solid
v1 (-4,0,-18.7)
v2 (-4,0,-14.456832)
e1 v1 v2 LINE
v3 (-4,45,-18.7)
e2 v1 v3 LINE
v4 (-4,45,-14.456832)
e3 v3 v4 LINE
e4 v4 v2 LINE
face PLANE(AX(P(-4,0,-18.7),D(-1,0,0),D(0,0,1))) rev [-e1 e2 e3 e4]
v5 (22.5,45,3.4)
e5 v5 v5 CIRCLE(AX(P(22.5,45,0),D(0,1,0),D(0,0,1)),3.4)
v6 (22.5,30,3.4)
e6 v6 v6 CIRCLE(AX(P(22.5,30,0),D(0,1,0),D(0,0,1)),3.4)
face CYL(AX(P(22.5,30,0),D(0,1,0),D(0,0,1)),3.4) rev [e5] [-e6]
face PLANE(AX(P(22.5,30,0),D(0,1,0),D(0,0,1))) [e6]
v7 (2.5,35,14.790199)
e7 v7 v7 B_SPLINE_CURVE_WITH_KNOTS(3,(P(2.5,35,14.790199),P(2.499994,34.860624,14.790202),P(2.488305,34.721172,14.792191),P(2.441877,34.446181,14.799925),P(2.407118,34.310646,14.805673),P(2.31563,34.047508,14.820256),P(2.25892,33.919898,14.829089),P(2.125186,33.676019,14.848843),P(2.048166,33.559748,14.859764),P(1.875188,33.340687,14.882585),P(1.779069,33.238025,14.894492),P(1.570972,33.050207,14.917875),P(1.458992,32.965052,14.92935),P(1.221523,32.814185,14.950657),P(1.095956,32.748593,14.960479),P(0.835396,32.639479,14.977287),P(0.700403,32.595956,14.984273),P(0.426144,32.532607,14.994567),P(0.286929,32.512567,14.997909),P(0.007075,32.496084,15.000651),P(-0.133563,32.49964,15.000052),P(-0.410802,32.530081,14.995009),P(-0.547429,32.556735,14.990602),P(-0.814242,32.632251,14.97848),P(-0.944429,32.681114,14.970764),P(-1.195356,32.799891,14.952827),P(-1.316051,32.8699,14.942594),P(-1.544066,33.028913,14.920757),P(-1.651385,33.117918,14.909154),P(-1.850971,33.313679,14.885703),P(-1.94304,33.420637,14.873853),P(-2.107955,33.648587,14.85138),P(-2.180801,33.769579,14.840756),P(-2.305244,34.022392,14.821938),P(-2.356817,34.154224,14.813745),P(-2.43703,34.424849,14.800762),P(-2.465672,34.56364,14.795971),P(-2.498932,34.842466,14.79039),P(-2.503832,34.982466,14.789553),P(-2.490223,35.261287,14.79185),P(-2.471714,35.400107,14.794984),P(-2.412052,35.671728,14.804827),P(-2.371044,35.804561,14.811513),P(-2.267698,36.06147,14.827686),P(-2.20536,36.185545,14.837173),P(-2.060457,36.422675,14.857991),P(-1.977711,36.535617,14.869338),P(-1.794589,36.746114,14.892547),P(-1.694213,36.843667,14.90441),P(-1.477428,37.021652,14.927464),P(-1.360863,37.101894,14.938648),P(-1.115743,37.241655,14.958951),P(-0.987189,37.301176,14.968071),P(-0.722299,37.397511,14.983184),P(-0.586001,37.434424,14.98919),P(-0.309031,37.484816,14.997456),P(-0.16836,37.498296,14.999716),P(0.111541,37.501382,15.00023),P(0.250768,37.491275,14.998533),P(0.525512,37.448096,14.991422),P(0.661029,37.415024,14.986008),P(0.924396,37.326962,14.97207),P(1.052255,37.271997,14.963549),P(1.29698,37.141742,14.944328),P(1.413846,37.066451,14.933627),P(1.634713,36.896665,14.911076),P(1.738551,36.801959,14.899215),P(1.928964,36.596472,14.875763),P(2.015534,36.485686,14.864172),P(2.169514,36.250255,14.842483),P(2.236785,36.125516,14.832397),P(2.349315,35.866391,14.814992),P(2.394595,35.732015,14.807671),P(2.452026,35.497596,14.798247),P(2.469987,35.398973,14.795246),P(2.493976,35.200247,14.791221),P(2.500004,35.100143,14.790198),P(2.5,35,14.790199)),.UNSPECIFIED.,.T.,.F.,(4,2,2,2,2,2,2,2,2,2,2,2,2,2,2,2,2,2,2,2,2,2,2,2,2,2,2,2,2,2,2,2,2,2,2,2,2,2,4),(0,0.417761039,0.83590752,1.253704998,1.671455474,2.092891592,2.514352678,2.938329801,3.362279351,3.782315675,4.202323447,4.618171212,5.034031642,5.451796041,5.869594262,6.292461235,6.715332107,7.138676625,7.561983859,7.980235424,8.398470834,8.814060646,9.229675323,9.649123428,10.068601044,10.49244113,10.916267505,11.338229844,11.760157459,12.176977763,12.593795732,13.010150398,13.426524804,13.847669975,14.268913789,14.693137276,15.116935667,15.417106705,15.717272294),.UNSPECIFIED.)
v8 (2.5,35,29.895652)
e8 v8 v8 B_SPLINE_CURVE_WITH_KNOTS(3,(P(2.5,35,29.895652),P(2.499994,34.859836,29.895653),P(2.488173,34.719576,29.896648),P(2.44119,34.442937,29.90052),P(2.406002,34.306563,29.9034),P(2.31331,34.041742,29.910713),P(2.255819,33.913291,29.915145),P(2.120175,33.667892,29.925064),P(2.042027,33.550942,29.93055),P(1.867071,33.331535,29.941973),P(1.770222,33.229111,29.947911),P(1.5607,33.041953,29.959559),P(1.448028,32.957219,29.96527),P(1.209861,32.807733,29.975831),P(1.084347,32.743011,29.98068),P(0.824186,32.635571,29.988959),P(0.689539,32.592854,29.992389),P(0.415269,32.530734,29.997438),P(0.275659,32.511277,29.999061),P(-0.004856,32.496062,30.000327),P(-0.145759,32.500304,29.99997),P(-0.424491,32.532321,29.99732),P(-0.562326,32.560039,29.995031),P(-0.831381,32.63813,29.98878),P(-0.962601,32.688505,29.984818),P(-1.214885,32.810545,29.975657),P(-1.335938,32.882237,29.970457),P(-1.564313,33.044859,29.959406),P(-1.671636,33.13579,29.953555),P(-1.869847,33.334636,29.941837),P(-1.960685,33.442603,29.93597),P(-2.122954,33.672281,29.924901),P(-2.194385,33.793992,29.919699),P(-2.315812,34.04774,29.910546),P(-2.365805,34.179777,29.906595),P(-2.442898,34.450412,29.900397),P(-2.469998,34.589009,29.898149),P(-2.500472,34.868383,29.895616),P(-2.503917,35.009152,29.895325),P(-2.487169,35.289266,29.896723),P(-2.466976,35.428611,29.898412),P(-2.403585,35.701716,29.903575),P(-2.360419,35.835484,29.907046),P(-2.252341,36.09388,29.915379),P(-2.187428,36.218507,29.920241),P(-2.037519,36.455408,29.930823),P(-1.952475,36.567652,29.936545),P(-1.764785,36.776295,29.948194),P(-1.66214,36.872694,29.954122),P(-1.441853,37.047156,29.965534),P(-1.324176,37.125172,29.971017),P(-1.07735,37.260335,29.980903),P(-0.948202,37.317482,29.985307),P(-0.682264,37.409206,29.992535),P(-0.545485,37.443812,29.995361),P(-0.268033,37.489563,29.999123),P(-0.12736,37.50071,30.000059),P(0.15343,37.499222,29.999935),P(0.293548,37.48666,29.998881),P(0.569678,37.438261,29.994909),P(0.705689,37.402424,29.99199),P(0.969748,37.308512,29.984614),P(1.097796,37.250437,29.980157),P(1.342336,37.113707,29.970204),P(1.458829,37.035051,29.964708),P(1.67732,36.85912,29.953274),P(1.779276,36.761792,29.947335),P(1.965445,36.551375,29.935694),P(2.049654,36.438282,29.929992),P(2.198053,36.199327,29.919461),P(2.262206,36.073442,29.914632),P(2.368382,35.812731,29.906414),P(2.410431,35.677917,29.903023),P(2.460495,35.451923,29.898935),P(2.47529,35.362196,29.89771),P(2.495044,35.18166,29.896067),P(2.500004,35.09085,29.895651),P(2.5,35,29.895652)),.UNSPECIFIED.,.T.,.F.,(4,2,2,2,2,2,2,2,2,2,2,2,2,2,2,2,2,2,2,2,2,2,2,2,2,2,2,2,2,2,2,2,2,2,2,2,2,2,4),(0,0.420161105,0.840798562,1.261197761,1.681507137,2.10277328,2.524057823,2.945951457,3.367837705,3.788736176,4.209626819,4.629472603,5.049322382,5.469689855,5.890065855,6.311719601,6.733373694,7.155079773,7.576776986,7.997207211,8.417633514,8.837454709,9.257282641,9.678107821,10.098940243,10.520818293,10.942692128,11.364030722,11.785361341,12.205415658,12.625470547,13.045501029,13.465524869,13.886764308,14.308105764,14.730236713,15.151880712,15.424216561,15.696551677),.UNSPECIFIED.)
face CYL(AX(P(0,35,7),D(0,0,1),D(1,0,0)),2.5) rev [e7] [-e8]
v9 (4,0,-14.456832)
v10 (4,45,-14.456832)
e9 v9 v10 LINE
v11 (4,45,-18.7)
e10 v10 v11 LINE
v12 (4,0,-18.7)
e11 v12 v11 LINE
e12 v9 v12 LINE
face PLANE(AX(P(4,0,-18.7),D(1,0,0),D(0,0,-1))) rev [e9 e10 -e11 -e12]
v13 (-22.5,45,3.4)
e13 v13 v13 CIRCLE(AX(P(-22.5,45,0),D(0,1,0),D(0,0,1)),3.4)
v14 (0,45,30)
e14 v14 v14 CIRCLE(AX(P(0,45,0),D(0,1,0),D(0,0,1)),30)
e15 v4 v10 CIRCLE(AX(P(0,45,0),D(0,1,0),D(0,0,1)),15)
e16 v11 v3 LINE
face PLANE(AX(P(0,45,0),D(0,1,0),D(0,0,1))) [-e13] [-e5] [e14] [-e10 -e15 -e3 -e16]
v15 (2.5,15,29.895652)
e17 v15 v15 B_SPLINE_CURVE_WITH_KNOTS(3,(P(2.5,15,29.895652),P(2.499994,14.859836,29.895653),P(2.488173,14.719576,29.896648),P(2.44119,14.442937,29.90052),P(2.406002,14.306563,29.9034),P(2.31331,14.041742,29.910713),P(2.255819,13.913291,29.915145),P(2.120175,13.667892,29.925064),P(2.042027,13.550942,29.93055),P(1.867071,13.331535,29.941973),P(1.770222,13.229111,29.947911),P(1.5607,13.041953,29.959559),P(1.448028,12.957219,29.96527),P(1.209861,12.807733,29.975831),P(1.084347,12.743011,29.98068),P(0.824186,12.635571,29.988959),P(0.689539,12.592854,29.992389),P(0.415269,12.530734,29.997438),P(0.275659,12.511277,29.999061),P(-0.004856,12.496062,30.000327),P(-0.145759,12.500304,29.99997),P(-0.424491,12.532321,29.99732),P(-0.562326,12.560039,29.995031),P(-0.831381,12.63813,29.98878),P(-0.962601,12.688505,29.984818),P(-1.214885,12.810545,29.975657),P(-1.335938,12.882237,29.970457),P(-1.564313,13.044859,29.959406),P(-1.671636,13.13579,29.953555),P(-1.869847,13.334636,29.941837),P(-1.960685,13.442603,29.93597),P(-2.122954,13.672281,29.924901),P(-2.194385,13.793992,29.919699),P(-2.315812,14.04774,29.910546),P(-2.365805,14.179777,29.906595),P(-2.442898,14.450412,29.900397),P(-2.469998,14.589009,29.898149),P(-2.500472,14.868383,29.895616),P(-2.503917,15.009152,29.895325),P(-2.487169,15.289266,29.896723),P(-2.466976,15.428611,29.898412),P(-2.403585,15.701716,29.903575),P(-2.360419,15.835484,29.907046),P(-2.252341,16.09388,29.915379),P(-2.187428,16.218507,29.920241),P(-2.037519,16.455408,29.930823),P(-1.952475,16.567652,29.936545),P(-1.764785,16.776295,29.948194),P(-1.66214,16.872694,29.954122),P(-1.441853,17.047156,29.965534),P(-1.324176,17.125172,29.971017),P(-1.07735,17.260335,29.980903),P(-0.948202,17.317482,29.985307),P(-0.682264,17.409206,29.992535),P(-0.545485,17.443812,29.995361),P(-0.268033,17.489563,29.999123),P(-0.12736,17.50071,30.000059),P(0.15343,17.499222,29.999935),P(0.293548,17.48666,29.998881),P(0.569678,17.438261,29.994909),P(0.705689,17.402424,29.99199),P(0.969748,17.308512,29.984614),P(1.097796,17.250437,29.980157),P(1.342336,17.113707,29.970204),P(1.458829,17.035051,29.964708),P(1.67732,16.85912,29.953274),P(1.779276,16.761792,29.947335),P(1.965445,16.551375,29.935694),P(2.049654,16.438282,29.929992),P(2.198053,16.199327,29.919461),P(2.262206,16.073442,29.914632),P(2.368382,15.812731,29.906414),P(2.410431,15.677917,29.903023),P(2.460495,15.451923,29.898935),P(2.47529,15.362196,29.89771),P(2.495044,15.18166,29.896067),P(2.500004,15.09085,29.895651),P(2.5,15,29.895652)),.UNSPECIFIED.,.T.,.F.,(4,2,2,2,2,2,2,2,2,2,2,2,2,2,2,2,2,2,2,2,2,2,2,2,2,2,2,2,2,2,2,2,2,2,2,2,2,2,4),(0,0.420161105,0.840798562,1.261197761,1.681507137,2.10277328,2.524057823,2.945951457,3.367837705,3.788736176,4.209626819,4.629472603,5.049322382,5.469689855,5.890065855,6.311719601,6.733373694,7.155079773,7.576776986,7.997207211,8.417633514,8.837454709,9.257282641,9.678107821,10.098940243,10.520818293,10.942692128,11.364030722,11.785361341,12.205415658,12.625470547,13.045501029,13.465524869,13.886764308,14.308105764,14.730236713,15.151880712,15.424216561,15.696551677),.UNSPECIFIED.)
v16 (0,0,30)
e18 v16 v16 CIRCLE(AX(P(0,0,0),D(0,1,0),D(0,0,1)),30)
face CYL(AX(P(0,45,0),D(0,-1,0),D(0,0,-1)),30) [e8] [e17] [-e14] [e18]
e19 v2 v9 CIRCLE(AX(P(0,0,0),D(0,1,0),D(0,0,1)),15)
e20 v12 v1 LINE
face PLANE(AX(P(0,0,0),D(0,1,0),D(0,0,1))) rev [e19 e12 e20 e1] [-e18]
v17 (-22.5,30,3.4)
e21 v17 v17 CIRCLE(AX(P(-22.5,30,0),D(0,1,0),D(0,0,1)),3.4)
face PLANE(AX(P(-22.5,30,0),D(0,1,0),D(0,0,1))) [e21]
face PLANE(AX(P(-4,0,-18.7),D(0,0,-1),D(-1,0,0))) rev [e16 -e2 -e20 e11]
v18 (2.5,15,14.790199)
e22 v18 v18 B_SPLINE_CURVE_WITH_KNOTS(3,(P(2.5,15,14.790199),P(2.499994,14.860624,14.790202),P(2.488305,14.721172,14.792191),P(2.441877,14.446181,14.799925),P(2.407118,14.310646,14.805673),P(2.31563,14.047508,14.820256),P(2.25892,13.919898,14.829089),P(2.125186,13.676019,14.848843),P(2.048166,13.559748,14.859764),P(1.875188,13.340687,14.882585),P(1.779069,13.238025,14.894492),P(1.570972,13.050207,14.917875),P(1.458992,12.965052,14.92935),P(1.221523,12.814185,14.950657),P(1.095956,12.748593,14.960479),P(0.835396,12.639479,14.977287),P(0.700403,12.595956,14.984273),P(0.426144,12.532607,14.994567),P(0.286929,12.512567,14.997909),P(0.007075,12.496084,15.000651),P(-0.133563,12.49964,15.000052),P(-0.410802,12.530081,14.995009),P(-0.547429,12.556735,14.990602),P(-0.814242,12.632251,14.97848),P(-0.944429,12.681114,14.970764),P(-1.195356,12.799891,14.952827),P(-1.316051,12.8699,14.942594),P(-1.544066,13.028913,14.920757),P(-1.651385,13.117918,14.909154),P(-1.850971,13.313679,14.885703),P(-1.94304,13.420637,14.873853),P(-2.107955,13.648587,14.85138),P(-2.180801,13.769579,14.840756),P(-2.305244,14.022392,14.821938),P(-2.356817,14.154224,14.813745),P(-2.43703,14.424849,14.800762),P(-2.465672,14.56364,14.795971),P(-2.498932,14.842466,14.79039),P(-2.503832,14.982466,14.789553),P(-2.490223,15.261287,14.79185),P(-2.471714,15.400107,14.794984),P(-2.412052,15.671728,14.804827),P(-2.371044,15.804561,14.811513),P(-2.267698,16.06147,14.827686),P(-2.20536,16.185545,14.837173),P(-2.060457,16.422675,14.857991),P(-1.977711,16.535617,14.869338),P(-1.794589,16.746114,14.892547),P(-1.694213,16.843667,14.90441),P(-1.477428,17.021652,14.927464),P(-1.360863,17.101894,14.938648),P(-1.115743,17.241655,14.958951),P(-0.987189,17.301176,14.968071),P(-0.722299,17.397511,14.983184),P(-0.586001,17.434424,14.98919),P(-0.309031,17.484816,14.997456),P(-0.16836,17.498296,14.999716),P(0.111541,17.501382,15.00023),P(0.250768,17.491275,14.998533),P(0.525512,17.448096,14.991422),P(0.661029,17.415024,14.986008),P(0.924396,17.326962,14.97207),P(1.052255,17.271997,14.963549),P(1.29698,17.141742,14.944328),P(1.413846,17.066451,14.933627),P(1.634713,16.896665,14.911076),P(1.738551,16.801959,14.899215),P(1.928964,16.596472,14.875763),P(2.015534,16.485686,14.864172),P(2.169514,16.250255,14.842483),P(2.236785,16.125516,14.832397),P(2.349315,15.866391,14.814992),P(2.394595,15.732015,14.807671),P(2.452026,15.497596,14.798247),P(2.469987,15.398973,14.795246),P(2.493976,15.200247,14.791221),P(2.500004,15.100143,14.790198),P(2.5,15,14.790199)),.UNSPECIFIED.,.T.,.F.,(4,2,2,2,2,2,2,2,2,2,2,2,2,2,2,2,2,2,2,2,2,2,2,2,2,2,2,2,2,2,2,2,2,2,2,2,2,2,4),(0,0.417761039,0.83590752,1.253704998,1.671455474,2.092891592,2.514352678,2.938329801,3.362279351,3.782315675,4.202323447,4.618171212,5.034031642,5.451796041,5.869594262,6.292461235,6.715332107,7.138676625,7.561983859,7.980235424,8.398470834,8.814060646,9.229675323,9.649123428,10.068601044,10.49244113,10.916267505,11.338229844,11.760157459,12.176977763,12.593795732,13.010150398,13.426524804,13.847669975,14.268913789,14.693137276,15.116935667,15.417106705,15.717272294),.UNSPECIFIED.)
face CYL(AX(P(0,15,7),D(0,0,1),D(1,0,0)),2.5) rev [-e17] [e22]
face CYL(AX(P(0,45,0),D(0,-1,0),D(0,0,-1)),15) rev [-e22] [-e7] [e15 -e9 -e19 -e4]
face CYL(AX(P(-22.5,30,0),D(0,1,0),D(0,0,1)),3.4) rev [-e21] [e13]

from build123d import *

# Parameters (mm, degrees)
SKETCH2_R           = 30
SKETCH2_R_2         = 15
BOSS_EXTRUDE1_DEPTH = 45
SKETCH5_R           = 3.4
CUT_EXTRUDE2_DEPTH  = 15
SKETCH7_R           = 2.5
CUT_EXTRUDE3_DEPTH  = 23
SKETCH8_W           = 8
SKETCH8_H           = 6
CUT_EXTRUDE4_DEPTH  = 62.846584554


with BuildPart() as part:
    # Sketch2 → Boss-Extrude1 (new body)
    with BuildSketch(Plane(origin=(0, 0, 0), x_dir=(1, 0, 0), z_dir=(0, 1, 0))):
        with Locations(Location((0, 0, 0), (0, 0, 90))):
            Circle(SKETCH2_R)
        with Locations(Location((0, 0, 0), (0, 0, 90))):
            Circle(SKETCH2_R_2, mode=Mode.SUBTRACT)
    extrude(amount=BOSS_EXTRUDE1_DEPTH)

    # Sketch5 → Cut-Extrude2 (cut)
    with BuildSketch(Plane(origin=(0, 45, 0), x_dir=(1, 0, 0), z_dir=(0, 1, 0))):
        with Locations(Location((22.5, 0, 0), (0, 0, 270))):
            Circle(SKETCH5_R)
        with Locations(Location((-22.5, 0, 0), (0, 0, 270))):
            Circle(SKETCH5_R)
    extrude(amount=-CUT_EXTRUDE2_DEPTH, mode=Mode.SUBTRACT)

    # Sketch7 → Cut-Extrude3 (cut)
    with BuildSketch(Plane.XY.offset(30)):
        with Locations((0, 35)):
            Circle(SKETCH7_R)
        with Locations((0, 15)):
            Circle(SKETCH7_R)
    extrude(amount=-CUT_EXTRUDE3_DEPTH, mode=Mode.SUBTRACT)

    # Sketch8 → Cut-Extrude4 (cut, through all)
    with BuildSketch(Plane(origin=(0, 45, 0), x_dir=(1, 0, 0), z_dir=(0, 1, 0))):
        with Locations((0, 15.7)):
            Rectangle(SKETCH8_W, SKETCH8_H)
    extrude(amount=-CUT_EXTRUDE4_DEPTH, mode=Mode.SUBTRACT)


solid = part.part
